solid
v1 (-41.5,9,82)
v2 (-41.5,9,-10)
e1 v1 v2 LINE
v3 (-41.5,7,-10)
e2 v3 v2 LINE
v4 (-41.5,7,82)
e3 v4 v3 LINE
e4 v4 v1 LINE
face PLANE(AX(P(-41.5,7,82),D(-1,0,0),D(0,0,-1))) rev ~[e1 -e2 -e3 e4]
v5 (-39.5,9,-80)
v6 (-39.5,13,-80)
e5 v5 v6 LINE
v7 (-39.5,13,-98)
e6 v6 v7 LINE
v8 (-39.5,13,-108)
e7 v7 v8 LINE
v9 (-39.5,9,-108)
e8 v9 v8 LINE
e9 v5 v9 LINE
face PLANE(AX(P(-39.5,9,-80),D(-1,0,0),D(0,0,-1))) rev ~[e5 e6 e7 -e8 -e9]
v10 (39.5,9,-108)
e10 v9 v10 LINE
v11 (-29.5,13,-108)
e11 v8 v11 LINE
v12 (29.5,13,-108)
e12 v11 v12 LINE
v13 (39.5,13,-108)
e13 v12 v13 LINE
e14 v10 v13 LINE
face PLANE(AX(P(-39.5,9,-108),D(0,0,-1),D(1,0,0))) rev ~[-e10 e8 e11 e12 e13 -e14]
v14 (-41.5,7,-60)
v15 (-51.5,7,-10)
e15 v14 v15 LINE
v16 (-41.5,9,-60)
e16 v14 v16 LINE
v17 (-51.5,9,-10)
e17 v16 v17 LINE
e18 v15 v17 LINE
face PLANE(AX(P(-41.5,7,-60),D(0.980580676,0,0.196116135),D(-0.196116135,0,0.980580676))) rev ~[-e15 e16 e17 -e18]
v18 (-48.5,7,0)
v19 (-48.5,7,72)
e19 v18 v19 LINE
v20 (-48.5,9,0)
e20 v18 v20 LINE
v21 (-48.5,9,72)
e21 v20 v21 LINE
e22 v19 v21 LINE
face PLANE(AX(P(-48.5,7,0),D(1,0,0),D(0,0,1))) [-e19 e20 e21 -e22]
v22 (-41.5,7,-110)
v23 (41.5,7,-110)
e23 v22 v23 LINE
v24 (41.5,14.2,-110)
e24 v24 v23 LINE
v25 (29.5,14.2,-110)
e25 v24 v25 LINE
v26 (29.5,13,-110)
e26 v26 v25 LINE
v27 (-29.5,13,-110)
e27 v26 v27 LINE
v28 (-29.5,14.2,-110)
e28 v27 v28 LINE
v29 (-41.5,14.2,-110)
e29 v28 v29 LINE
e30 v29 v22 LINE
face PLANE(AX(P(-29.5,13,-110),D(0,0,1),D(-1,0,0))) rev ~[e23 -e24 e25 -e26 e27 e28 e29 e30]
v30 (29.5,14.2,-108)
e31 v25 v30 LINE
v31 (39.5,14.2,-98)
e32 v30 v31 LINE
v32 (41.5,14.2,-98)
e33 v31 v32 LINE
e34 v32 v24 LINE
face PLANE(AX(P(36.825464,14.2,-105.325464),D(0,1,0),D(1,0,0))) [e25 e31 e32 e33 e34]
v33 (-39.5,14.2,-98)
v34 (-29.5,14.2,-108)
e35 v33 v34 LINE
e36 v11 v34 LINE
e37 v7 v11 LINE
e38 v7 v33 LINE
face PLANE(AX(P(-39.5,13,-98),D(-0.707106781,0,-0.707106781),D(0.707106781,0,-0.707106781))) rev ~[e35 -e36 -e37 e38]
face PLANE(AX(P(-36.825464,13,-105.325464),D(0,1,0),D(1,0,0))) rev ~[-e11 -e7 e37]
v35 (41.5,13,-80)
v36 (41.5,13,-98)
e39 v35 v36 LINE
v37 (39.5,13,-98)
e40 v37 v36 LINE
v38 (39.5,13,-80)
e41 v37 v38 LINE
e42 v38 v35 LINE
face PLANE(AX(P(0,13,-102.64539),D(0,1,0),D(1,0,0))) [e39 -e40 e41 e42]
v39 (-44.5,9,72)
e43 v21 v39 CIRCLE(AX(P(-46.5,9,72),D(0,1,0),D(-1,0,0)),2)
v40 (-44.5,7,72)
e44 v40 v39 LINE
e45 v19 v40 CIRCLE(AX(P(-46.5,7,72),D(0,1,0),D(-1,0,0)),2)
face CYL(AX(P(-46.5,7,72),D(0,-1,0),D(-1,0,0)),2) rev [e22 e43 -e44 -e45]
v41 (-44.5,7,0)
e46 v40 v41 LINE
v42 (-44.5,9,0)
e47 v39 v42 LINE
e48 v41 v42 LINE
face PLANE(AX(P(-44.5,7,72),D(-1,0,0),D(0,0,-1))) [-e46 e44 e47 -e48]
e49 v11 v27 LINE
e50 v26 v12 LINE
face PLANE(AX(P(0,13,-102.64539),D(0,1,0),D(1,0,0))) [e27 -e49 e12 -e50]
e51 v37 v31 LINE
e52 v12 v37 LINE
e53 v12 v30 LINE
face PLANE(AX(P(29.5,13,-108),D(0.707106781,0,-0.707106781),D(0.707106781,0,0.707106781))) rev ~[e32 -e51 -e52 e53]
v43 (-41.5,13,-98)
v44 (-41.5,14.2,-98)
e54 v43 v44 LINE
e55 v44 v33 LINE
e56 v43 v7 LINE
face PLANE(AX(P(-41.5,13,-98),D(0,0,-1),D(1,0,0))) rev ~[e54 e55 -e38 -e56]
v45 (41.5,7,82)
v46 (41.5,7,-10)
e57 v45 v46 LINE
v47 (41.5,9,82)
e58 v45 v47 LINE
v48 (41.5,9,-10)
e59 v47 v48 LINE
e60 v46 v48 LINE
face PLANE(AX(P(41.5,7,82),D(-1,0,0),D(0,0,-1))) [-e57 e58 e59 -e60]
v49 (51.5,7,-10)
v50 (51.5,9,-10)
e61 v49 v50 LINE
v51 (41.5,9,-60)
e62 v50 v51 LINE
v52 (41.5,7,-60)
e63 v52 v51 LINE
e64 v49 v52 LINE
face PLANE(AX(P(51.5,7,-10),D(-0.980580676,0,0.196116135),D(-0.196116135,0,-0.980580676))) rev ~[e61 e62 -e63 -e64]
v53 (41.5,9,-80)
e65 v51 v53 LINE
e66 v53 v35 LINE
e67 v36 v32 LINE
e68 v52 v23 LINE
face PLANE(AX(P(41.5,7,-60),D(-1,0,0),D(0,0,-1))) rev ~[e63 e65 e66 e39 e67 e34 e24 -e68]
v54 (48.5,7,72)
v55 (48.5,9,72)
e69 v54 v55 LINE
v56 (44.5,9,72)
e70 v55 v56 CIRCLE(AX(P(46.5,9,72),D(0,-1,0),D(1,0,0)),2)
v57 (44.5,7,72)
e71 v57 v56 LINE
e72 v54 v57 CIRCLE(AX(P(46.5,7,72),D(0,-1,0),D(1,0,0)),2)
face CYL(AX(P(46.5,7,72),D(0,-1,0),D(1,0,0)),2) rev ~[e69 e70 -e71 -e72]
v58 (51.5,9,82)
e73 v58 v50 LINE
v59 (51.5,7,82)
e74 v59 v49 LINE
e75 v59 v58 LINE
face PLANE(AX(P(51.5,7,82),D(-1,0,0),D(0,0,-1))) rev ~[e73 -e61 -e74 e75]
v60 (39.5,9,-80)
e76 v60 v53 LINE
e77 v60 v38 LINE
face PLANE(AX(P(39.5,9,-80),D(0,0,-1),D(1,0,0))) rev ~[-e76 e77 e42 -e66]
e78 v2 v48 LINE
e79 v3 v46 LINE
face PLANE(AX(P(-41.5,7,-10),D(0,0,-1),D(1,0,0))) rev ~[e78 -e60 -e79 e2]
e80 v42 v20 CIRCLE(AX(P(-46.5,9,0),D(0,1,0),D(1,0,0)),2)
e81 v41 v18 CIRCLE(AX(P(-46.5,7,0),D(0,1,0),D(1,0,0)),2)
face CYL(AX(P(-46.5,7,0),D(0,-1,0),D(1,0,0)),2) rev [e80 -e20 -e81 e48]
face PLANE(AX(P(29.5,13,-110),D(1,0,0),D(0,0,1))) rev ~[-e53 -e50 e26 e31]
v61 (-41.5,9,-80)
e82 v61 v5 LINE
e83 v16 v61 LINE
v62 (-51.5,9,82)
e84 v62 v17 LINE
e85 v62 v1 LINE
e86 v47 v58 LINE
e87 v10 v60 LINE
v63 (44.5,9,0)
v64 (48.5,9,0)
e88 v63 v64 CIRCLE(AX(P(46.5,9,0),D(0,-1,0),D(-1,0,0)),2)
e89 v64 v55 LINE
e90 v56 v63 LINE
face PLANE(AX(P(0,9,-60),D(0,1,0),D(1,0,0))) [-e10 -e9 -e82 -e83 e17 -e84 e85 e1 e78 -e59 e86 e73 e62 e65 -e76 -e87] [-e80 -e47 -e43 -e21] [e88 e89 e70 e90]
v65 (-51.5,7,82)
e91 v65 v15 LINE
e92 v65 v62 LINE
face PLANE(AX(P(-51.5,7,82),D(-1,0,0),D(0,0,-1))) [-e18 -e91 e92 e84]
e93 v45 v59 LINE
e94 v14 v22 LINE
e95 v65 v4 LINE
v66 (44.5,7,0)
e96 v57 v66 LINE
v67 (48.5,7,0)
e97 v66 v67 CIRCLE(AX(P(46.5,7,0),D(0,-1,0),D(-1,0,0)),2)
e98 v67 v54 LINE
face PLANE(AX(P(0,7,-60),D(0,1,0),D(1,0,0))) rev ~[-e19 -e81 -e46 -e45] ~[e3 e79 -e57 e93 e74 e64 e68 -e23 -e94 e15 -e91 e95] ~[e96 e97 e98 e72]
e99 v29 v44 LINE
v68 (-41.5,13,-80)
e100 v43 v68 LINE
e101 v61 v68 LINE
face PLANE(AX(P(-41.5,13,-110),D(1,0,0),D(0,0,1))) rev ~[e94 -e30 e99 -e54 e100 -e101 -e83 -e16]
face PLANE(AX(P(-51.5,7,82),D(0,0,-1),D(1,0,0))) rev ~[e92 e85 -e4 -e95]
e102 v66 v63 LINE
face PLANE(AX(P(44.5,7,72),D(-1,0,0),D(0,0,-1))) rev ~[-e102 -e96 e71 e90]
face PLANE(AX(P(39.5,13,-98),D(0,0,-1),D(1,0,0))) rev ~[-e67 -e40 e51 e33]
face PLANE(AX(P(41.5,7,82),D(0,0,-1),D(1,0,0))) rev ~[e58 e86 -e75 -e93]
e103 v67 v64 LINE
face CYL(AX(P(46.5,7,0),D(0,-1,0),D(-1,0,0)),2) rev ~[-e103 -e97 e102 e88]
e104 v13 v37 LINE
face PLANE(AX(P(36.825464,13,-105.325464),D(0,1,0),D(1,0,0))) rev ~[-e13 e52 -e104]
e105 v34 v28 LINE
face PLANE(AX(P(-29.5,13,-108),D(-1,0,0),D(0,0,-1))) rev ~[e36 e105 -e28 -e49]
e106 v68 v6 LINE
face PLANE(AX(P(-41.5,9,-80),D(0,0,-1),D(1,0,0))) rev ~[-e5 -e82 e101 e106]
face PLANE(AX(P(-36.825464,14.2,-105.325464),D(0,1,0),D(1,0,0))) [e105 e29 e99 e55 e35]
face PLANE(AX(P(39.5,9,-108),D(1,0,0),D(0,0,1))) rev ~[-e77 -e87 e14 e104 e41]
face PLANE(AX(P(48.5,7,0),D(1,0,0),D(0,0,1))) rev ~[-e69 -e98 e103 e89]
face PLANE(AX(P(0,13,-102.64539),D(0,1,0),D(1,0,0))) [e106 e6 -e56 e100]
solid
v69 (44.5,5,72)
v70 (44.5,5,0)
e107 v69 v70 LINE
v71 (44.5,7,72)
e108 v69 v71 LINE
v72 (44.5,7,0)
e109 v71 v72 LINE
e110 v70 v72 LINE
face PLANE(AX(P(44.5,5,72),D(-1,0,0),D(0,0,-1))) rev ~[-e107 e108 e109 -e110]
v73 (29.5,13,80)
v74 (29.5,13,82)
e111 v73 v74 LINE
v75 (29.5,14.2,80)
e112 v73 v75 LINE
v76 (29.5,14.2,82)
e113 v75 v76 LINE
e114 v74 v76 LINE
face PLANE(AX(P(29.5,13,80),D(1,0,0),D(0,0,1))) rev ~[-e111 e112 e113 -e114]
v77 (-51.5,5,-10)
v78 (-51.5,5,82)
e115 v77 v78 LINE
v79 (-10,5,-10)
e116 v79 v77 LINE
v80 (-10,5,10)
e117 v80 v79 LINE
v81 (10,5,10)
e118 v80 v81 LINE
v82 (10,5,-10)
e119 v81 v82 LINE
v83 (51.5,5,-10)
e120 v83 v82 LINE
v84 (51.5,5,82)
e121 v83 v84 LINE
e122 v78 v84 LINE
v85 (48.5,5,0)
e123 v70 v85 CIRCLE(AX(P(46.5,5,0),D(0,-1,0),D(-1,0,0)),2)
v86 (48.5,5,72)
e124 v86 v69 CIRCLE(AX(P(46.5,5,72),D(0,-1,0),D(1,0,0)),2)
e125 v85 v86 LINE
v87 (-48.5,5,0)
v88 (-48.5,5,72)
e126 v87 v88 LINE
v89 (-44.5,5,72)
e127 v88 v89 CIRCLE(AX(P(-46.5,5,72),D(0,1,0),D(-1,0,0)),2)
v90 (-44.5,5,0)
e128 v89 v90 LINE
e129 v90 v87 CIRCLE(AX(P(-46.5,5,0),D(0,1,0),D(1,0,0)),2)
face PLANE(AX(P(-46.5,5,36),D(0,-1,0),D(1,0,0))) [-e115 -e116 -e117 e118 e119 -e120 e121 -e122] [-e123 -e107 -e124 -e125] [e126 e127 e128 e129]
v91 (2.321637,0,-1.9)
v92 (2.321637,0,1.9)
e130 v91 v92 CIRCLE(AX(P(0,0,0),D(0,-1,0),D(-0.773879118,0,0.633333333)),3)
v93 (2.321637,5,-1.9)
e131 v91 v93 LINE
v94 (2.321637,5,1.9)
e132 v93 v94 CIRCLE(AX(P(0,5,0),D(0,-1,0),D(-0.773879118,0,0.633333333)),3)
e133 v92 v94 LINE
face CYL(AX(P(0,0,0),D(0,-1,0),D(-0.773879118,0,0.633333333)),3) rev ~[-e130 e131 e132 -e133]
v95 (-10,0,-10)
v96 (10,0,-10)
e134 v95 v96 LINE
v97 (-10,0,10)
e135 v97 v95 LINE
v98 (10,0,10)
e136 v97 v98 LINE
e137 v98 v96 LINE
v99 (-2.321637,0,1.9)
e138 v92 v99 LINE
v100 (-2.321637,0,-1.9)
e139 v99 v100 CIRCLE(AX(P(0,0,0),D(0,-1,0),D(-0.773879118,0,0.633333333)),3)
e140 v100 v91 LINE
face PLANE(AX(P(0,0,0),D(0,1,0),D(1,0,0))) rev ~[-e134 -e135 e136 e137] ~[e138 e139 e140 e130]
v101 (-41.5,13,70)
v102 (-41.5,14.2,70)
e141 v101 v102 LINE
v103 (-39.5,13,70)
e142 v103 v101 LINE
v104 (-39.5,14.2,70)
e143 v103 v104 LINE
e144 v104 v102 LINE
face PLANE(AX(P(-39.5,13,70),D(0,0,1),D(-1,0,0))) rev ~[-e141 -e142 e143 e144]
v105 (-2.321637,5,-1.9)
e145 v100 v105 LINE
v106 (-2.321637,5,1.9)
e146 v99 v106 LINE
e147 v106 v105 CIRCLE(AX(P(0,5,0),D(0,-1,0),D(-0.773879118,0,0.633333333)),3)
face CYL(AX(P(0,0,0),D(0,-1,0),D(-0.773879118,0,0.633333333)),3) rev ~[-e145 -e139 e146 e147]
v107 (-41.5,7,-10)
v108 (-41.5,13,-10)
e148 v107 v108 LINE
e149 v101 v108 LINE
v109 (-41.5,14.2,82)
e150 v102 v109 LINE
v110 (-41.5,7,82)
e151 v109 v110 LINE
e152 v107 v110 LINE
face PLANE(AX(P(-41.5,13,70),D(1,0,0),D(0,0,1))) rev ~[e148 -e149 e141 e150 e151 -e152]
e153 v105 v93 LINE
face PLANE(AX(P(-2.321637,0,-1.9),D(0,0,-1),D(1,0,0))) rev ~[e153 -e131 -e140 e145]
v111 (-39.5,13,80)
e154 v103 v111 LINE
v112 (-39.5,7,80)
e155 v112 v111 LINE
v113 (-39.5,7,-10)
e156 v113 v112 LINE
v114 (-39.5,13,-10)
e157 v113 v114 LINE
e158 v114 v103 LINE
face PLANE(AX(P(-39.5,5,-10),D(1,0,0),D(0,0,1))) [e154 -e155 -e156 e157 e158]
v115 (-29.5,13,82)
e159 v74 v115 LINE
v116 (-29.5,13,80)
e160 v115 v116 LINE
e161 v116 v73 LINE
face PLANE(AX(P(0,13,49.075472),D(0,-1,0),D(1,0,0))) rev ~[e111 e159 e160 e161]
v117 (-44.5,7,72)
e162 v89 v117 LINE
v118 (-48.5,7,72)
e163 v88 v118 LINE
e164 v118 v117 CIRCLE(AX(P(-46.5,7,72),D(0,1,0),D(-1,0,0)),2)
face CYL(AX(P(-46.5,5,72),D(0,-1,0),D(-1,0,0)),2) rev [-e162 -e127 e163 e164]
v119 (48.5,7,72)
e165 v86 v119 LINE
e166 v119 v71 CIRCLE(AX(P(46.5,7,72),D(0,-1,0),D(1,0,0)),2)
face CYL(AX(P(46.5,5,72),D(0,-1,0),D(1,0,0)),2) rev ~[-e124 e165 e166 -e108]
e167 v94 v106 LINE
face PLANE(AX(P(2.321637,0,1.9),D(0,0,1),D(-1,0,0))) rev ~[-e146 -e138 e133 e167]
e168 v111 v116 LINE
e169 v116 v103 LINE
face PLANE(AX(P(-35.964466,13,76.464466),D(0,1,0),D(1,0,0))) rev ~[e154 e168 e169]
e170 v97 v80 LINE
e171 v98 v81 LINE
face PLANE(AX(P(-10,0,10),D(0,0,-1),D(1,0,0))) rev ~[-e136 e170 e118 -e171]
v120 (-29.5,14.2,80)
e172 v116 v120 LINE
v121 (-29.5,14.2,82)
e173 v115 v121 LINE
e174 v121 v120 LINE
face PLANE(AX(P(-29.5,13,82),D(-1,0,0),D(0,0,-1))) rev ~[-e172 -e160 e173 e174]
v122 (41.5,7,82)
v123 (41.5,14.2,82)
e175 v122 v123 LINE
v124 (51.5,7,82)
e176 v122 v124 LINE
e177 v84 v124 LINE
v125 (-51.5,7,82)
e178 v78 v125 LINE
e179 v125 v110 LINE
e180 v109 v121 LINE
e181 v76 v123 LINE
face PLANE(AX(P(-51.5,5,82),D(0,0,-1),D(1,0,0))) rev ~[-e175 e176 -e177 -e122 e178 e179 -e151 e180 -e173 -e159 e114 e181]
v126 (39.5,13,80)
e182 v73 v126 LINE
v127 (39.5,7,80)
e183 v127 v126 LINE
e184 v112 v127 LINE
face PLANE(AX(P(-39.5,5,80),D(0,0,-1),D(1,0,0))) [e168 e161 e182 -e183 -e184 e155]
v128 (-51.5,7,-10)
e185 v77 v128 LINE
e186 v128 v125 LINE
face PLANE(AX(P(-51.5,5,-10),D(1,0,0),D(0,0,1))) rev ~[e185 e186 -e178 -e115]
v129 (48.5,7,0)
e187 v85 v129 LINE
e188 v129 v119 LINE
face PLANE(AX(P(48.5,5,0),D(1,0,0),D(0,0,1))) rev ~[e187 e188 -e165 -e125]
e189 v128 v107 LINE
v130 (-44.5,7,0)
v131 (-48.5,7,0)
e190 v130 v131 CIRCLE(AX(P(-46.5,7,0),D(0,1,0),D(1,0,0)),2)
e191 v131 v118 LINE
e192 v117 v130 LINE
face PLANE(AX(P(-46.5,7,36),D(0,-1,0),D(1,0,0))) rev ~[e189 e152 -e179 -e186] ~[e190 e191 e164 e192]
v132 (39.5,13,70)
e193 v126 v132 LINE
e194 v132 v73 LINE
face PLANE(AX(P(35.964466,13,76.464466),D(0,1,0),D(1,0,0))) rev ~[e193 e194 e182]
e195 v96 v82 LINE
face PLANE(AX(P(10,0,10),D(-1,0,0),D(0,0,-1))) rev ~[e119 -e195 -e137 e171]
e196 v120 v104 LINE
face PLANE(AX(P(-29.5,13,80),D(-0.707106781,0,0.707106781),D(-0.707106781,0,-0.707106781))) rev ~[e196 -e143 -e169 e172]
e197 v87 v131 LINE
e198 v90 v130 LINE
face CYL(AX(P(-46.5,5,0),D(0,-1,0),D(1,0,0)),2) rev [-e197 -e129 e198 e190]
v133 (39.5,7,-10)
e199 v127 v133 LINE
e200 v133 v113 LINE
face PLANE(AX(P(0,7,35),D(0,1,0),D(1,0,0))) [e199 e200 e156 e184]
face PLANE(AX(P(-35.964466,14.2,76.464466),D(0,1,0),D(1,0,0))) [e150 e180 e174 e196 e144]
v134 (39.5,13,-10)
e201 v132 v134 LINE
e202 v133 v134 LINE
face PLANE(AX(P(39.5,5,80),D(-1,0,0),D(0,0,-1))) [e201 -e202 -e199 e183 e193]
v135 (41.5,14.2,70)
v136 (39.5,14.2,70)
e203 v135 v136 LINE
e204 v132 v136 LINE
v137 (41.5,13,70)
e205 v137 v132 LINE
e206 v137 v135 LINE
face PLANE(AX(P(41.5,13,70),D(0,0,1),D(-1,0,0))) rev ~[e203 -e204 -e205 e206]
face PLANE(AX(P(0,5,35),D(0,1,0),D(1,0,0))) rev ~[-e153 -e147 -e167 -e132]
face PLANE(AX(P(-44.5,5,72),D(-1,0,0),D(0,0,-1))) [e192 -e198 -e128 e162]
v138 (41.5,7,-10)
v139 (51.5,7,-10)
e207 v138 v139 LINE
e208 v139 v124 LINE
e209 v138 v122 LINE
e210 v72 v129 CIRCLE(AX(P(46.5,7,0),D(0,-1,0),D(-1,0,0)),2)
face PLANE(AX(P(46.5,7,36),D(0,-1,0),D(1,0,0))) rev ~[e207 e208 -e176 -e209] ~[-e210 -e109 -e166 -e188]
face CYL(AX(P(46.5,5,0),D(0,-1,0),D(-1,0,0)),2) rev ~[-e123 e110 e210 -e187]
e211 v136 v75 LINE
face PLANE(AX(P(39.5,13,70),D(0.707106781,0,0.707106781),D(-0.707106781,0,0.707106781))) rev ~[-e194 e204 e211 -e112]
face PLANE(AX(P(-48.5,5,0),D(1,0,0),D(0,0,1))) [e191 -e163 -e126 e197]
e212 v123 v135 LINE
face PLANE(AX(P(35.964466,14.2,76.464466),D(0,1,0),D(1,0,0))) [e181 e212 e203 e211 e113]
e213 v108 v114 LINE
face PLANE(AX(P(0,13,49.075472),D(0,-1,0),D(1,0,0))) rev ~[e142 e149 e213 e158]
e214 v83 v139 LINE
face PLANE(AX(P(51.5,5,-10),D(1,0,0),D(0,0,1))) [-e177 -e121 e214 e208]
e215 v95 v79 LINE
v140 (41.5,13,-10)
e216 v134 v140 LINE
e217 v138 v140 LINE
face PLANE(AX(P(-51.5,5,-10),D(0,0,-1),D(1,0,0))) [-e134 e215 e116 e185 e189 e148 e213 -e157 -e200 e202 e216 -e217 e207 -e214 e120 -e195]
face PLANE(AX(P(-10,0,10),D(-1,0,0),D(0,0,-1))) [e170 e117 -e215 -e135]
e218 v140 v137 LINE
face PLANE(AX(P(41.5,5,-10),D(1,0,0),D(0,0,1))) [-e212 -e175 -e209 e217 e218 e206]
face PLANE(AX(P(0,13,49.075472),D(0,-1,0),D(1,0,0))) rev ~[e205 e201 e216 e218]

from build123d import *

# Parameters (mm, degrees)
CROQUIS1_W              = 20
CROQUIS1_H              = 20
CROQUIS1_R              = 3
SALIENTE_EXTRUIR1_DEPTH = 5
SALIENTE_EXTRUIR2_DEPTH = 2
SALIENTE_EXTRUIR3_DEPTH = 8
SALIENTE_EXTRUIR4_DEPTH = 1.2
CROQUIS5_W              = 10
CROQUIS5_H              = 92
SALIENTE_EXTRUIR5_DEPTH = 2
CROQUIS6_W              = 83
CROQUIS6_H              = 100
CROQUIS6_W_2            = 10
CROQUIS6_H_2            = 92
SALIENTE_EXTRUIR6_DEPTH = 2
SALIENTE_EXTRUIR7_DEPTH = 4
SALIENTE_EXTRUIR8_DEPTH = 1.2


with BuildPart() as part:
    # Croquis1 → Saliente-Extruir1 (new body)
    with BuildSketch(Plane(origin=(0, 0, 0), x_dir=(1, 0, 0), z_dir=(0, 1, 0))):
        Rectangle(CROQUIS1_W, CROQUIS1_H)
        Circle(CROQUIS1_R, mode=Mode.SUBTRACT)
        with BuildLine():
            Line((2.321637353, -1.9), (-2.321637353, -1.9))
            ThreePointArc((-2.321637353, -1.9), (0, -3), (2.321637353, -1.9))
        make_face()
        with BuildLine():
            Line((-2.321637353, 1.9), (2.321637353, 1.9))
            ThreePointArc((2.321637353, 1.9), (0, 3), (-2.321637353, 1.9))
        make_face()
    extrude(amount=SALIENTE_EXTRUIR1_DEPTH)

    # Croquis2 → Saliente-Extruir2 (add)
    with BuildSketch(Plane(origin=(0, 5, 0), x_dir=(1, 0, 0), z_dir=(0, 1, 0))):
        Polygon((-10, 10), (-39.5, 10), (-39.5, 0), (-39.5, -80), (39.5, -80), (39.5, 0), (39.5, 10), (10, 10), align=None)
    extrude(amount=SALIENTE_EXTRUIR2_DEPTH)

    # Croquis3 → Saliente-Extruir3 (add)
    with BuildSketch(Plane.XZ.offset(-5)):
        Polygon((39.5, 80), (39.5, -10), (41.5, -10), (41.5, 82), (-41.5, 82), (-41.5, -10), (-39.5, -10), (-39.5, 80), align=None)
    extrude(amount=-SALIENTE_EXTRUIR3_DEPTH)

    # Croquis4 → Saliente-Extruir4 (add)
    with BuildSketch(Plane(origin=(0, 13, 0), x_dir=(1, 0, 0), z_dir=(0, 1, 0))):
        Polygon((-39.5, -80), (-29.5, -80), (-39.5, -70), align=None)
        Polygon((-29.5, -82), (-29.5, -80), (-39.5, -80), (-39.5, -70), (-41.5, -70), (-41.5, -82), align=None)
        Polygon((39.5, -70), (29.5, -80), (39.5, -80), align=None)
        Polygon((39.5, -80), (29.5, -80), (29.5, -82), (41.5, -82), (41.5, -70), (39.5, -70), align=None)
    extrude(amount=SALIENTE_EXTRUIR4_DEPTH)

    # Croquis5 → Saliente-Extruir5 (add)
    with BuildSketch(Plane.XZ.offset(-5)):
        with Locations((-46.5, 36)):
            Rectangle(CROQUIS5_W, CROQUIS5_H)
        with BuildLine():
            Line((-48.5, 0), (-48.5, 72))
            ThreePointArc((-48.5, 72), (-46.5, 74), (-44.5, 72))
            Line((-44.5, 72), (-44.5, 0))
            ThreePointArc((-44.5, 0), (-46.5, -2), (-48.5, 0))
        make_face(mode=Mode.SUBTRACT)
        with Locations((46.5, 36)):
            Rectangle(CROQUIS5_W, CROQUIS5_H)
        with BuildLine():
            Line((48.5, 0), (48.5, 72))
            ThreePointArc((48.5, 72), (46.5, 74), (44.5, 72))
            Line((44.5, 72), (44.5, 0))
            ThreePointArc((44.5, 0), (46.5, -2), (48.5, 0))
        make_face(mode=Mode.SUBTRACT)
    extrude(amount=-SALIENTE_EXTRUIR5_DEPTH)


with BuildPart() as body_2:
    # Croquis6 → Saliente-Extruir6 (new body)
    with BuildSketch(Plane(origin=(0, 7, 0), x_dir=(1, 0, 0), z_dir=(0, 1, 0))):
        with Locations((0, 60)):
            Rectangle(CROQUIS6_W, CROQUIS6_H)
        Polygon((-51.5, 10), (-41.5, 10), (-41.5, 60), align=None)
        Polygon((41.5, 60), (41.5, 10), (51.5, 10), align=None)
        with Locations((46.5, -36)):
            Rectangle(CROQUIS6_W_2, CROQUIS6_H_2)
        with BuildLine():
            Line((44.5, -72), (44.5, 0))
            ThreePointArc((44.5, 0), (46.5, 2), (48.5, 0))
            Line((48.5, 0), (48.5, -72))
            ThreePointArc((48.5, -72), (46.5, -74), (44.5, -72))
        make_face(mode=Mode.SUBTRACT)
        with Locations((-46.5, -36)):
            Rectangle(CROQUIS6_W_2, CROQUIS6_H_2)
        with BuildLine():
            ThreePointArc((-44.5, 0), (-46.5, 2), (-48.5, 0))
            Line((-48.5, 0), (-48.5, -72))
            ThreePointArc((-48.5, -72), (-46.5, -74), (-44.5, -72))
            Line((-44.5, -72), (-44.5, 0))
        make_face(mode=Mode.SUBTRACT)
    extrude(amount=SALIENTE_EXTRUIR6_DEPTH)

    # Croquis7 → Saliente-Extruir7 (add)
    with BuildSketch(Plane(origin=(0, 9, 0), x_dir=(1, 0, 0), z_dir=(0, 1, 0))):
        Polygon((-39.5, 80), (-39.5, 108), (39.5, 108), (39.5, 80), (41.5, 80), (41.5, 110), (-41.5, 110), (-41.5, 80), align=None)
    extrude(amount=SALIENTE_EXTRUIR7_DEPTH)

    # Croquis8 → Saliente-Extruir8 (add)
    with BuildSketch(Plane(origin=(0, 13, 0), x_dir=(1, 0, 0), z_dir=(0, 1, 0))):
        Polygon((-39.5, 98), (-29.5, 108), (-29.5, 110), (-41.5, 110), (-41.5, 98), align=None)
        Polygon((29.5, 108), (39.5, 98), (41.5, 98), (41.5, 110), (29.5, 110), align=None)
    extrude(amount=SALIENTE_EXTRUIR8_DEPTH)


solid = Compound([part.part, body_2.part])
